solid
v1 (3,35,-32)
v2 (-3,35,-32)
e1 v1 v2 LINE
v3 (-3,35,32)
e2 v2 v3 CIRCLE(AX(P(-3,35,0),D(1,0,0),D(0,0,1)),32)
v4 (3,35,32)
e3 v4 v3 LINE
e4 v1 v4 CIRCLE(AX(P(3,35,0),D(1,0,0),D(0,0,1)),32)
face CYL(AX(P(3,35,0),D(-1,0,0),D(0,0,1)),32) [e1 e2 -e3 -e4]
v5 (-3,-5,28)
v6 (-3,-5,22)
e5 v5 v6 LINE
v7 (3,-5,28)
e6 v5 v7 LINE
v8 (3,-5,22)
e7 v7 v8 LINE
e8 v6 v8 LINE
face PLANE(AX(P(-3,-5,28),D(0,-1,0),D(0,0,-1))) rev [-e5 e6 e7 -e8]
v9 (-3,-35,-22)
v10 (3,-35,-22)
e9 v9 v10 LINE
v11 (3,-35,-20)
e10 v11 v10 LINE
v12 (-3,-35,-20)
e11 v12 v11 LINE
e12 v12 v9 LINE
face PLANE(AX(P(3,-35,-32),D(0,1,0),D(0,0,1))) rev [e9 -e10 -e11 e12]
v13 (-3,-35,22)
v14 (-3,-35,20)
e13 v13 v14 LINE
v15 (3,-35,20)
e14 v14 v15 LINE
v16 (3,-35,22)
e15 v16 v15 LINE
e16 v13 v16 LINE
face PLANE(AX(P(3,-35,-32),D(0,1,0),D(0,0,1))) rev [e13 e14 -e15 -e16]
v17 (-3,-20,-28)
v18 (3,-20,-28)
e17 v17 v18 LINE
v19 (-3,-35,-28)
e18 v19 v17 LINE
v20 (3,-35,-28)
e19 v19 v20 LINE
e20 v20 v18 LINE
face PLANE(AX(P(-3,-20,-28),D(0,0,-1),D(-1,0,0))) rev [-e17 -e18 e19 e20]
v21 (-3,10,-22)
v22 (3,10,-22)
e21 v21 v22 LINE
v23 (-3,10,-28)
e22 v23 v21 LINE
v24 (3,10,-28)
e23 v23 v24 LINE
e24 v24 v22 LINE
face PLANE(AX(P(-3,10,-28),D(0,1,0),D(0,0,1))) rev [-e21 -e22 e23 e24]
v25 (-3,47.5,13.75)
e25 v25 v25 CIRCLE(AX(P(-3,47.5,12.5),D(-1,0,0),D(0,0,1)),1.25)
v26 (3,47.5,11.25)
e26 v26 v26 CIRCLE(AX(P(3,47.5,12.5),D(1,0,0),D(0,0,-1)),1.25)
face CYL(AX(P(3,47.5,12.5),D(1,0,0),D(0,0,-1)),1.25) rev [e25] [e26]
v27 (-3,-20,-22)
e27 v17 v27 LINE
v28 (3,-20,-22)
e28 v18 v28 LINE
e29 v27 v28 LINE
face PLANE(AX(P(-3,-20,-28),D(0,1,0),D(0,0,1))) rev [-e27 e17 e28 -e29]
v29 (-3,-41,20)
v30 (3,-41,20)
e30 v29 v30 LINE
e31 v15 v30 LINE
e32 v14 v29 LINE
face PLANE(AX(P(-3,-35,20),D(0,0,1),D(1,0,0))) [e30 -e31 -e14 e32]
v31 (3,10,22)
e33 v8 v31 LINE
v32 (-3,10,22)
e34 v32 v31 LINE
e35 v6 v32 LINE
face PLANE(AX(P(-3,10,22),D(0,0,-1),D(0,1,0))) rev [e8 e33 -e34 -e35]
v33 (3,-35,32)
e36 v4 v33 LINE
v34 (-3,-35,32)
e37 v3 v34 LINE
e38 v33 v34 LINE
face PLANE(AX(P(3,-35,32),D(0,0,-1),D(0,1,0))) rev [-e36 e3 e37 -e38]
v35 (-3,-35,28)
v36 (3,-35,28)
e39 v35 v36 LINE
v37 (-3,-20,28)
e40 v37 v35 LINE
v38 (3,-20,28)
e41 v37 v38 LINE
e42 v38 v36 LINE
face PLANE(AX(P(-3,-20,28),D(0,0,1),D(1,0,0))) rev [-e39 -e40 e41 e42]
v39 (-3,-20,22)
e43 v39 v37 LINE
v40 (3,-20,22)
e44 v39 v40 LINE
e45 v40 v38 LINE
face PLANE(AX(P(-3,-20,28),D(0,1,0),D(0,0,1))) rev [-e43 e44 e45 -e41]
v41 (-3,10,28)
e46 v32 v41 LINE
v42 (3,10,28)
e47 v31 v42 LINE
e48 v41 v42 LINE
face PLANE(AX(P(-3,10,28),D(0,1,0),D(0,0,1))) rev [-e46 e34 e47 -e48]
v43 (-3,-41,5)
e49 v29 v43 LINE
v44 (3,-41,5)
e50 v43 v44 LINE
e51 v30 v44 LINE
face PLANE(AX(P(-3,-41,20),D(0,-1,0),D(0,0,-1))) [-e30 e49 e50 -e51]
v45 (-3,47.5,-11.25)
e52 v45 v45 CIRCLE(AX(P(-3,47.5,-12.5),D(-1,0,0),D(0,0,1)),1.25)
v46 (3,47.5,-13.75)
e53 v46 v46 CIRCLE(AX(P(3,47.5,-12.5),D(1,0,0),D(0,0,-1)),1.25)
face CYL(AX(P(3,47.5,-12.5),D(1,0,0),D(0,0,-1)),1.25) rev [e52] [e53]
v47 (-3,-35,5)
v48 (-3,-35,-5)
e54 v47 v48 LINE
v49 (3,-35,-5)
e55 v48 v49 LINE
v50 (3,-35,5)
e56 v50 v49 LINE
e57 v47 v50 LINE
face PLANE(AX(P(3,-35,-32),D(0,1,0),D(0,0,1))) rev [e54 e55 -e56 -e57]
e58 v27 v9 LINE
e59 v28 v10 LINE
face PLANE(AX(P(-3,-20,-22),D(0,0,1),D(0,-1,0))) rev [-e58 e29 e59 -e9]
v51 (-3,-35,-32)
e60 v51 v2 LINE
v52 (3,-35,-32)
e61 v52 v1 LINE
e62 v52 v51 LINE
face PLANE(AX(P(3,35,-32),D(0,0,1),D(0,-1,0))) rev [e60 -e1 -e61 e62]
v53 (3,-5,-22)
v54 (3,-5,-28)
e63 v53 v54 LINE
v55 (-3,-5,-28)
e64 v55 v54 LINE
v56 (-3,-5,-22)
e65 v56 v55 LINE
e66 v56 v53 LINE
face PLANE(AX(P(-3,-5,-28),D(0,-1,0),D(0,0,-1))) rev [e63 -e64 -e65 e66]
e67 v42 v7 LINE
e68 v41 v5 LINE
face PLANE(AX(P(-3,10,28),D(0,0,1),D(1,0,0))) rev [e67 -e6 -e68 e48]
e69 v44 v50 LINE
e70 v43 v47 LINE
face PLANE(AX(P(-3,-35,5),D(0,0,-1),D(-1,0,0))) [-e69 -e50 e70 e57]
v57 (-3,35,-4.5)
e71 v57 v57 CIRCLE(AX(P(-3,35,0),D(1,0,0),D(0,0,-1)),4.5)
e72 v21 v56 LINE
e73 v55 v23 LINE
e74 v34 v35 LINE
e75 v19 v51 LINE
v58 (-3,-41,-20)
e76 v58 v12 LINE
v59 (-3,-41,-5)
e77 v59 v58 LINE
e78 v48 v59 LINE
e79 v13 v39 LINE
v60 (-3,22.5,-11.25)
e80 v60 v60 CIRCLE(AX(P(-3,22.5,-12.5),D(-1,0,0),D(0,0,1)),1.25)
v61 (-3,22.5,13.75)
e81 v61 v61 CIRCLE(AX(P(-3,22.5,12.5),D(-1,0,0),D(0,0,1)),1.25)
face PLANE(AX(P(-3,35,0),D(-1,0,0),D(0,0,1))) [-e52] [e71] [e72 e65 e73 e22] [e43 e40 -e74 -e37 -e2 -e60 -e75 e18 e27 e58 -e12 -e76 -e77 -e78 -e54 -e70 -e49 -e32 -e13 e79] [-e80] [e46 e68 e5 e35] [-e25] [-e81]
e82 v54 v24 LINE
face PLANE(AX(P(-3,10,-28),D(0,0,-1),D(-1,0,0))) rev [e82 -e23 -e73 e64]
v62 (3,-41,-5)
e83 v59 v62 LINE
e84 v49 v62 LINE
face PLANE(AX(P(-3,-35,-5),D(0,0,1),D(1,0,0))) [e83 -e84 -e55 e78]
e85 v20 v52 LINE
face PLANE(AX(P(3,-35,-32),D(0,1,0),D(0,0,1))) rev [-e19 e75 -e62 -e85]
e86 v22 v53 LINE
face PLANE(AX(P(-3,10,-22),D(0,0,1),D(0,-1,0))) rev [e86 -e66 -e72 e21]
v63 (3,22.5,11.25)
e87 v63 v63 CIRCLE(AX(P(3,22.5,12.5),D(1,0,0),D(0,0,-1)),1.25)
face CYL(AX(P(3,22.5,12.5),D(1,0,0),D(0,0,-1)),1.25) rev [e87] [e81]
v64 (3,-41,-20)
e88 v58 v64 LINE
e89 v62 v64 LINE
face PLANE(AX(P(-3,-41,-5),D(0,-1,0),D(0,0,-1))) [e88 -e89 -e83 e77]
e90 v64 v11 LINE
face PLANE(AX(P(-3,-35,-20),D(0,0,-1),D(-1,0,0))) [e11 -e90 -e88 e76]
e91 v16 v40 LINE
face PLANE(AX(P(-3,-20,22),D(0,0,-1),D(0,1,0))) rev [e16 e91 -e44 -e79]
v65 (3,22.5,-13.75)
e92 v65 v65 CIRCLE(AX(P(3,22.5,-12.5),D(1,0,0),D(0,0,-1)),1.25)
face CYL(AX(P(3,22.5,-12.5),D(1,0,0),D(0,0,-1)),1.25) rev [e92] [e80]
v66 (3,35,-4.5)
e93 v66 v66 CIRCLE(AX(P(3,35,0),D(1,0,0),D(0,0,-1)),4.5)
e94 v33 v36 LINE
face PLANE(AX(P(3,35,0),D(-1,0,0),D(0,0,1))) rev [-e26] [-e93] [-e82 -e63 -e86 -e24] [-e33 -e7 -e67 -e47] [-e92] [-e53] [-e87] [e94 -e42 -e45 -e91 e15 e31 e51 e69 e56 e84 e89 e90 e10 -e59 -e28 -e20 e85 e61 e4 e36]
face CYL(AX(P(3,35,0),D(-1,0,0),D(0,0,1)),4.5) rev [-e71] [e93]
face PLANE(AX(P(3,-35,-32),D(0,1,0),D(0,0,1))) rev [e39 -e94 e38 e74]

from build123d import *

# Parameters (mm, degrees)
CROQUIS1_R                = 4.5
SALIENTE_EXTRUIR1_DEPTH   = 3
TALADRO_ROSCADO_M3X0_51_D = 2.5
CROQUIS6_W                = 6
CROQUIS6_H                = 15
CORTAR_EXTRUIR1_DEPTH     = 75.491610266
CROQUIS7_W                = 15
CROQUIS7_H                = 6
SALIENTE_EXTRUIR3_DEPTH   = 6


with BuildPart() as part:
    # Croquis1 → Saliente-Extruir1 (new, symmetric)
    with BuildSketch(Plane(origin=(0, 0, 0), x_dir=(0, 0, -1), z_dir=(1, 0, 0))):
        with BuildLine():
            Line((-32, -35), (-32, 35))
            ThreePointArc((-32, 35), (0, 67), (32, 35))
            Line((32, 35), (32, -35))
            Line((32, -35), (-32, -35))
        make_face()
        with Locations((0, 35)):
            Circle(CROQUIS1_R, mode=Mode.SUBTRACT)
    extrude(amount=SALIENTE_EXTRUIR1_DEPTH, both=True)

    # Taladro roscado M3x0.51 (through all)
    with Locations(Plane(origin=(3, 0, 0), x_dir=(0, 0, -1), z_dir=(1, 0, 0))):
        with Locations((12.5, 47.5), (12.5, 22.5), (-12.5, 22.5), (-12.5, 47.5)):
            Hole(TALADRO_ROSCADO_M3X0_51_D / 2)

    # Croquis6 → Cortar-Extruir1 (cut, through all)
    with BuildSketch(Plane(origin=(3, 0, 0), x_dir=(0, 0, -1), z_dir=(1, 0, 0))):
        with Locations((-25, 2.5)):
            Rectangle(CROQUIS6_W, CROQUIS6_H)
        with Locations((-25, -27.5)):
            Rectangle(CROQUIS6_W, CROQUIS6_H)
        with Locations((25, -27.5)):
            Rectangle(CROQUIS6_W, CROQUIS6_H)
        with Locations((25, 2.5)):
            Rectangle(CROQUIS6_W, CROQUIS6_H)
    extrude(amount=-CORTAR_EXTRUIR1_DEPTH, mode=Mode.SUBTRACT)

    # Croquis7 → Saliente-Extruir3 (add, through all)
    with BuildSketch(Plane(origin=(3, 0, 0), x_dir=(0, 0, -1), z_dir=(1, 0, 0))):
        with Locations((-12.5, -38)):
            Rectangle(CROQUIS7_W, CROQUIS7_H)
        with Locations((12.5, -38)):
            Rectangle(CROQUIS7_W, CROQUIS7_H)
    extrude(amount=-SALIENTE_EXTRUIR3_DEPTH)


solid = part.part
